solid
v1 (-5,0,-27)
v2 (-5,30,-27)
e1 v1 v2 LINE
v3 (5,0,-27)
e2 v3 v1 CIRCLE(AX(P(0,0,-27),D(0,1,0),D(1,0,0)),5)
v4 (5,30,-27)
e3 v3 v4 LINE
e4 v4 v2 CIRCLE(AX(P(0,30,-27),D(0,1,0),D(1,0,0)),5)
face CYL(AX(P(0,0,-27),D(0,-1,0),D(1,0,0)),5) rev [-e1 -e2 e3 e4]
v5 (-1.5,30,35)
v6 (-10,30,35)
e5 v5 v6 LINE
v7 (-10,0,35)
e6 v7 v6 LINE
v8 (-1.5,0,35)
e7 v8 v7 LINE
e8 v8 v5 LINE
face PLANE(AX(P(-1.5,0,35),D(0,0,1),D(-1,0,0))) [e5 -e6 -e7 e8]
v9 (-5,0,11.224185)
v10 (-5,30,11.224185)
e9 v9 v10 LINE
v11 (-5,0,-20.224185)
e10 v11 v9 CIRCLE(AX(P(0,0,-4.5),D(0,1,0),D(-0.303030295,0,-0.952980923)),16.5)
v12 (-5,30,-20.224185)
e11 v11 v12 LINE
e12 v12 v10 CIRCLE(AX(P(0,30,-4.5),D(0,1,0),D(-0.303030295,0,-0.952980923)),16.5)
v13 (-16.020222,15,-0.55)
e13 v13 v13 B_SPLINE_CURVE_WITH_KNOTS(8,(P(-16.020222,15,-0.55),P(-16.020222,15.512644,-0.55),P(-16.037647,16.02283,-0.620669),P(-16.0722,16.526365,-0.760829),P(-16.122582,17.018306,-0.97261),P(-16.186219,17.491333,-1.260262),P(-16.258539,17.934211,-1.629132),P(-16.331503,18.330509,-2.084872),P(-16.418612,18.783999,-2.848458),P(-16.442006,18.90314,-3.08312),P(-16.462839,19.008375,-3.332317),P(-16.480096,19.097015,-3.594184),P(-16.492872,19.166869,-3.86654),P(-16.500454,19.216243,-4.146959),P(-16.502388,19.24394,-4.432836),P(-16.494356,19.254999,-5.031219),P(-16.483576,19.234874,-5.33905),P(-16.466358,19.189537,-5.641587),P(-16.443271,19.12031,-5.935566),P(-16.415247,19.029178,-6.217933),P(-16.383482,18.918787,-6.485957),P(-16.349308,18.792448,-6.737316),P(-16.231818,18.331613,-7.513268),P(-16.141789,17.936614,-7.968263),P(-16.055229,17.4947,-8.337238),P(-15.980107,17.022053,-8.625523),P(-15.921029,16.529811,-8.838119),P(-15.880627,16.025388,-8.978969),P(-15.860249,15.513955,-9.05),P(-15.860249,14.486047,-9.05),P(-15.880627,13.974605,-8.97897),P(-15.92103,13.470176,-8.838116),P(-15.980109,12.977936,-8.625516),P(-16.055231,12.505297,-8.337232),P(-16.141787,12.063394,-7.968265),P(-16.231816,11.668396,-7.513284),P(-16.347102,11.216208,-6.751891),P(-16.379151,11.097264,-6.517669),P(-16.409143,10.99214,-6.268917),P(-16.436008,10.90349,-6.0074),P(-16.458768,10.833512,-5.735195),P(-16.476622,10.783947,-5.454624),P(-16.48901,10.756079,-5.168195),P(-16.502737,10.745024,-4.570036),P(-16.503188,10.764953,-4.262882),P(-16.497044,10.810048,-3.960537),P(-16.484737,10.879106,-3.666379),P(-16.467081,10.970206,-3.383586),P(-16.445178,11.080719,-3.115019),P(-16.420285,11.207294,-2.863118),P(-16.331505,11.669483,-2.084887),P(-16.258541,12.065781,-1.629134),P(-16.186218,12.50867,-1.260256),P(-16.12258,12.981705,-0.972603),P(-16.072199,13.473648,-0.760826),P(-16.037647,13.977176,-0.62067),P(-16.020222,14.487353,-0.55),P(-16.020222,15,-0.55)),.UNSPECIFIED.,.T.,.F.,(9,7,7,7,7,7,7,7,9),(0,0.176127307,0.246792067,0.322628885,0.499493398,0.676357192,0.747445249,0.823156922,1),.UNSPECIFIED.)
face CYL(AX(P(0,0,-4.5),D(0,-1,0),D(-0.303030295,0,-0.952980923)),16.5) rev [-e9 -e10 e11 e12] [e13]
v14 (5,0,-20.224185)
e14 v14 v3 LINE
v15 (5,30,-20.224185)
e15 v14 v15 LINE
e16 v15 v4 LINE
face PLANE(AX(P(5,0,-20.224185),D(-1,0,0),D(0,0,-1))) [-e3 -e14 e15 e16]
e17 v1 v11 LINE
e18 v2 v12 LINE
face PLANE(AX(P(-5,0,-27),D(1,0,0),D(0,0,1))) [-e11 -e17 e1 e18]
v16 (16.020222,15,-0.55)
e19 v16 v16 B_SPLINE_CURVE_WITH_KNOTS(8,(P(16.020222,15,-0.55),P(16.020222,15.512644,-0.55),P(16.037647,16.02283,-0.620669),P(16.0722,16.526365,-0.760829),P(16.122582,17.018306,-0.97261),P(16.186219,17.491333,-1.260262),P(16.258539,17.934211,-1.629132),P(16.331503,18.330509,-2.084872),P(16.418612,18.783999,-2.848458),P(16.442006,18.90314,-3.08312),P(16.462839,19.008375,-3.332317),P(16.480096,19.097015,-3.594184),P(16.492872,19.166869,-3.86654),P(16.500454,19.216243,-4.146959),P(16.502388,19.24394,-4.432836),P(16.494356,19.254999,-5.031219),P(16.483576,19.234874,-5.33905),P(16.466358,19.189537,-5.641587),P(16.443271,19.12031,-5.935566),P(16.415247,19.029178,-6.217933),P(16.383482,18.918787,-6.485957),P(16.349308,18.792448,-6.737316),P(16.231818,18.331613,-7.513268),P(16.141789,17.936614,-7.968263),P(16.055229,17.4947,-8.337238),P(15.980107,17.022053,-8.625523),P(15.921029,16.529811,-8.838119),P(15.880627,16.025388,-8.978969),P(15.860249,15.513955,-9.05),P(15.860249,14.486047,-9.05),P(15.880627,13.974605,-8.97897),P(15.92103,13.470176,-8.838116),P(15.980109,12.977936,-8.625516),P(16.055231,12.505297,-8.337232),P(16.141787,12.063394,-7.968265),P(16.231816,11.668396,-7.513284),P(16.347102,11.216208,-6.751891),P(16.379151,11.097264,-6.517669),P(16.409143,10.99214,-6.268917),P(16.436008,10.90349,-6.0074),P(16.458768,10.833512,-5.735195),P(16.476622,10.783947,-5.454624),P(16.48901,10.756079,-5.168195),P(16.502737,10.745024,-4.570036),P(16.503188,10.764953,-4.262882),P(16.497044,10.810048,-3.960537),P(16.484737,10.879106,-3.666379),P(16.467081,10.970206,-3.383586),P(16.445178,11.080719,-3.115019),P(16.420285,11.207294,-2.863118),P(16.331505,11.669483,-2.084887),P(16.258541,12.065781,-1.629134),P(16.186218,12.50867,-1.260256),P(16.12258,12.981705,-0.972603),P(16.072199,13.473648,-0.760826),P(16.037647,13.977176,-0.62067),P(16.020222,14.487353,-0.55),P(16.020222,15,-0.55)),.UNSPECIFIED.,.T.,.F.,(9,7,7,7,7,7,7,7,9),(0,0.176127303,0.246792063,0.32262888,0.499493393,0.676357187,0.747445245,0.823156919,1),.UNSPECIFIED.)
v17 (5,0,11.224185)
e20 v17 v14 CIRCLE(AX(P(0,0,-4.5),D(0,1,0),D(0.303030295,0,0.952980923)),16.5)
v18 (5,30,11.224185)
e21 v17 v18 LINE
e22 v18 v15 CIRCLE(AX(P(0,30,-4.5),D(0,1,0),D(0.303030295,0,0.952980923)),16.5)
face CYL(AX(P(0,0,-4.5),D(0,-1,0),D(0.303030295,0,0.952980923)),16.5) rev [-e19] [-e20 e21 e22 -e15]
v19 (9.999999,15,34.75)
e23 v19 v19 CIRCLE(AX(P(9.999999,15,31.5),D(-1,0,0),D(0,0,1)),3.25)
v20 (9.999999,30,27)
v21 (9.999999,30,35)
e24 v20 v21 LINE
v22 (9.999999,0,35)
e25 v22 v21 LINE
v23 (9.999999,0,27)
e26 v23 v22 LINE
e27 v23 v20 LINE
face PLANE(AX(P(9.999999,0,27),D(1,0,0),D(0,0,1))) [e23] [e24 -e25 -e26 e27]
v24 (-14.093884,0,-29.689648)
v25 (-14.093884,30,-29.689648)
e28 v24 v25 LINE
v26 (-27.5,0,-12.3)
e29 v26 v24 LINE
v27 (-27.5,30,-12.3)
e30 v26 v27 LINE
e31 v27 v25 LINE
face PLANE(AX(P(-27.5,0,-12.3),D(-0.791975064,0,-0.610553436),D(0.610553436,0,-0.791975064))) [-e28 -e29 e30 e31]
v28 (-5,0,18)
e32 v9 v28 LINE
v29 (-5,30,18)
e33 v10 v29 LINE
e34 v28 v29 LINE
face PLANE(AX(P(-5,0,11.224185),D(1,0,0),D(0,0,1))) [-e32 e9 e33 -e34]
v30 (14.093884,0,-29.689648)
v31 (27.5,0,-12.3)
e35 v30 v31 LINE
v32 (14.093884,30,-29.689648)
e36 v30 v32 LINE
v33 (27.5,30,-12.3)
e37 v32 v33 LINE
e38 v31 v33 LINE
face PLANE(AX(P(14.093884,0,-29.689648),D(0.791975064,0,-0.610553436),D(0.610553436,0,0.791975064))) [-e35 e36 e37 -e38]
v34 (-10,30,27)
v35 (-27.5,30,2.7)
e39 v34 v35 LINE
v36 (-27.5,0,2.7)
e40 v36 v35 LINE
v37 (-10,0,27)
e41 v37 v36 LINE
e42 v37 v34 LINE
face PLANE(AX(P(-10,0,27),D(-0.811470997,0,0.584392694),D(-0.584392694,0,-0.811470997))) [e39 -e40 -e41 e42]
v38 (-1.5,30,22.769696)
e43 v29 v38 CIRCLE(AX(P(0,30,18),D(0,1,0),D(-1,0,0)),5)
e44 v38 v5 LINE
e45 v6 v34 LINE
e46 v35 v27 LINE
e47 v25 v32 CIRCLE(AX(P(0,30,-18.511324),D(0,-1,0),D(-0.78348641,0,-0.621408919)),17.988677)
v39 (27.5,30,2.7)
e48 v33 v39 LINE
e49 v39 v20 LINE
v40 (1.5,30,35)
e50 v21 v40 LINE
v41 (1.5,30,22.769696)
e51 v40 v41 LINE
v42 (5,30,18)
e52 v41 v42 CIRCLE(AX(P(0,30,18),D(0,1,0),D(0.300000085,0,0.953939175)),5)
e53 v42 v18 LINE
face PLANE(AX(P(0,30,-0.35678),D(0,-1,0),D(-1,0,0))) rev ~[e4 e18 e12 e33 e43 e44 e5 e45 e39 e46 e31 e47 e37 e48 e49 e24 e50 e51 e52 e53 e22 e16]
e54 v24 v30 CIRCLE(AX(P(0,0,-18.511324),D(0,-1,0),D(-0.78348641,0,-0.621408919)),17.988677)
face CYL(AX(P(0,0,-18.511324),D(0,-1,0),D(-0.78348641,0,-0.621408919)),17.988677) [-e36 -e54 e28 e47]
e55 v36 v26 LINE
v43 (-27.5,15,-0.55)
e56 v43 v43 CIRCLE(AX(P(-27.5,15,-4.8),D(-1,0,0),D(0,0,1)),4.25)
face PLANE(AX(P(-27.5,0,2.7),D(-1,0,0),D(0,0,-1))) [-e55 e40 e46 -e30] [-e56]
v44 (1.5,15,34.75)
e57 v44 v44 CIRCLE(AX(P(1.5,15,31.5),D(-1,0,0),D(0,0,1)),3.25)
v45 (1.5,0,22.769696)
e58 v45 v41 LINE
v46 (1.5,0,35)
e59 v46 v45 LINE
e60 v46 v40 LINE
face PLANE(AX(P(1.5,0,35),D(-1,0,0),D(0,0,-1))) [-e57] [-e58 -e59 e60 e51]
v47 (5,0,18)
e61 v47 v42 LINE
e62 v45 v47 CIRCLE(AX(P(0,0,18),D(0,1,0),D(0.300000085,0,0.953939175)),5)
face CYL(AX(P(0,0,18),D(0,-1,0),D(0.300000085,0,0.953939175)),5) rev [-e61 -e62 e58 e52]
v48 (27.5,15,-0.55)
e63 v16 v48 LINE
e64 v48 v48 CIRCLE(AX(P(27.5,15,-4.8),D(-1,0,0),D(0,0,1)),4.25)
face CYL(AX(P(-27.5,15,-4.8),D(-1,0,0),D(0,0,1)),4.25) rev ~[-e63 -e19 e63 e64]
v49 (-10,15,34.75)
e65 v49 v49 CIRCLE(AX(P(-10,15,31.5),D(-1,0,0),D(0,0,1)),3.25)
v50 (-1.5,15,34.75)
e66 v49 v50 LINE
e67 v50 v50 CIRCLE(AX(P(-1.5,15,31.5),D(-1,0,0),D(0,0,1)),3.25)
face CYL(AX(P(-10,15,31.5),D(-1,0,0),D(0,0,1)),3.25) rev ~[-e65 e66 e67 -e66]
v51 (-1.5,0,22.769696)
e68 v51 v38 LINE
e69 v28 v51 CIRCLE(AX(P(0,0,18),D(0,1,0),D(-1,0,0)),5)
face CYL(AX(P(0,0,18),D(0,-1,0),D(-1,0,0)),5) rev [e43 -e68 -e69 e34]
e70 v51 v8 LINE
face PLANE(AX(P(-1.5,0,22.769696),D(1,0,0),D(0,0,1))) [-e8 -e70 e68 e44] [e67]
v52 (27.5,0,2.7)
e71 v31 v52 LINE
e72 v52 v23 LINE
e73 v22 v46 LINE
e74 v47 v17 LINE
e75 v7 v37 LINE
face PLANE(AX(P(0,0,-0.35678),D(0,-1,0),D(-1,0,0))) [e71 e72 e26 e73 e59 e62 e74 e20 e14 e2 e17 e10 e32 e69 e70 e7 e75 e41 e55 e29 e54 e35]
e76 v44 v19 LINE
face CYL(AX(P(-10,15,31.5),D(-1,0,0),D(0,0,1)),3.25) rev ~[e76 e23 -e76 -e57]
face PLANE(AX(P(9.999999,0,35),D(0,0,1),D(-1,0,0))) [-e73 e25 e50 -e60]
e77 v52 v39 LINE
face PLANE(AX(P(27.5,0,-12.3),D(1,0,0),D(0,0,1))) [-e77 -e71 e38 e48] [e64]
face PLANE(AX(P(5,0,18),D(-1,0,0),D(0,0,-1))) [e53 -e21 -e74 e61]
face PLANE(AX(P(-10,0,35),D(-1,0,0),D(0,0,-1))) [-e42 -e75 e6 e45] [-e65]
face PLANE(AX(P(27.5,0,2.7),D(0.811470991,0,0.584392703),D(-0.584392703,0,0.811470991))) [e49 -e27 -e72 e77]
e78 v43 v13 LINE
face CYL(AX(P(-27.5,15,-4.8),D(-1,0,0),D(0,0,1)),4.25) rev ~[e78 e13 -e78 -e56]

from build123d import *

# Parameters (mm, degrees)
BOSS_EXTRUDE2_DEPTH = 30
SKETCH2_R           = 4.25
CUT_EXTRUDE1_DEPTH  = 55.999999228
SKETCH5_R           = 3.25
CUT_EXTRUDE2_DEPTH  = 30


with BuildPart() as part:
    # Sketch1 → Boss-Extrude2 (new body)
    with BuildSketch(Plane(origin=(0, 0, 0), x_dir=(1, 0, 0), z_dir=(0, 1, 0))):
        with BuildLine():
            Line((-1.499999614, -22.769695991), (-1.499999614, -34.999999869))
            Line((-1.499999614, -34.999999869), (-9.999999614, -34.999999869))
            Line((-9.999999614, -34.999999869), (-9.999999614, -26.999999869))
            Line((-9.999999614, -26.999999869), (-27.499999614, -2.699999869))
            Line((-27.499999614, -2.699999869), (-27.499999614, 12.300000131))
            Line((-27.499999614, 12.300000131), (-14.093884058, 29.689647964))
            ThreePointArc((-14.093884058, 29.689647964), (0, 36.500000672), (14.093884058, 29.689647964))
            Line((14.093884058, 29.689647964), (27.499999614, 12.300000131))
            Line((27.499999614, 12.300000131), (27.499999614, -2.699999869))
            Line((27.499999614, -2.699999869), (9.999999344, -26.999999675))
            Line((9.999999344, -26.999999675), (9.999999344, -34.999999869))
            Line((9.999999344, -34.999999869), (1.500000386, -34.999999869))
            Line((1.500000386, -34.999999869), (1.500000386, -22.769695748))
            ThreePointArc((1.500000386, -22.769695748), (4.0311289, -20.958039634), (4.999999869, -18))
            Line((4.999999869, -18), (4.999999869, -11.224185235))
            ThreePointArc((4.999999869, -11.224185235), (16.5, 4.5), (4.999999869, 20.224185235))
            Line((4.999999869, 20.224185235), (4.999999869, 27))
            ThreePointArc((4.999999869, 27), (0, 31.999999869), (-4.999999869, 27))
            Line((-4.999999869, 27), (-4.999999869, 20.224185235))
            ThreePointArc((-4.999999869, 20.224185235), (-16.5, 4.5), (-4.999999869, -11.224185235))
            Line((-4.999999869, -11.224185235), (-4.999999869, -18))
            ThreePointArc((-4.999999869, -18), (-4.031128661, -20.95803996), (-1.499999614, -22.769695991))
        make_face()
    extrude(amount=BOSS_EXTRUDE2_DEPTH)

    # Sketch2 → Cut-Extrude1 (cut, through all)
    with BuildSketch(Plane.ZY.offset(27.499999614)):
        with Locations((-4.800000131, 15)):
            Circle(SKETCH2_R)
    extrude(amount=-CUT_EXTRUDE1_DEPTH, mode=Mode.SUBTRACT)

    # Sketch5 → Cut-Extrude2 (cut)
    with BuildSketch(Plane.ZY.offset(9.999999614)):
        with Locations((31.499999869, 15)):
            Circle(SKETCH5_R)
    extrude(amount=-CUT_EXTRUDE2_DEPTH, mode=Mode.SUBTRACT)


solid = part.part
